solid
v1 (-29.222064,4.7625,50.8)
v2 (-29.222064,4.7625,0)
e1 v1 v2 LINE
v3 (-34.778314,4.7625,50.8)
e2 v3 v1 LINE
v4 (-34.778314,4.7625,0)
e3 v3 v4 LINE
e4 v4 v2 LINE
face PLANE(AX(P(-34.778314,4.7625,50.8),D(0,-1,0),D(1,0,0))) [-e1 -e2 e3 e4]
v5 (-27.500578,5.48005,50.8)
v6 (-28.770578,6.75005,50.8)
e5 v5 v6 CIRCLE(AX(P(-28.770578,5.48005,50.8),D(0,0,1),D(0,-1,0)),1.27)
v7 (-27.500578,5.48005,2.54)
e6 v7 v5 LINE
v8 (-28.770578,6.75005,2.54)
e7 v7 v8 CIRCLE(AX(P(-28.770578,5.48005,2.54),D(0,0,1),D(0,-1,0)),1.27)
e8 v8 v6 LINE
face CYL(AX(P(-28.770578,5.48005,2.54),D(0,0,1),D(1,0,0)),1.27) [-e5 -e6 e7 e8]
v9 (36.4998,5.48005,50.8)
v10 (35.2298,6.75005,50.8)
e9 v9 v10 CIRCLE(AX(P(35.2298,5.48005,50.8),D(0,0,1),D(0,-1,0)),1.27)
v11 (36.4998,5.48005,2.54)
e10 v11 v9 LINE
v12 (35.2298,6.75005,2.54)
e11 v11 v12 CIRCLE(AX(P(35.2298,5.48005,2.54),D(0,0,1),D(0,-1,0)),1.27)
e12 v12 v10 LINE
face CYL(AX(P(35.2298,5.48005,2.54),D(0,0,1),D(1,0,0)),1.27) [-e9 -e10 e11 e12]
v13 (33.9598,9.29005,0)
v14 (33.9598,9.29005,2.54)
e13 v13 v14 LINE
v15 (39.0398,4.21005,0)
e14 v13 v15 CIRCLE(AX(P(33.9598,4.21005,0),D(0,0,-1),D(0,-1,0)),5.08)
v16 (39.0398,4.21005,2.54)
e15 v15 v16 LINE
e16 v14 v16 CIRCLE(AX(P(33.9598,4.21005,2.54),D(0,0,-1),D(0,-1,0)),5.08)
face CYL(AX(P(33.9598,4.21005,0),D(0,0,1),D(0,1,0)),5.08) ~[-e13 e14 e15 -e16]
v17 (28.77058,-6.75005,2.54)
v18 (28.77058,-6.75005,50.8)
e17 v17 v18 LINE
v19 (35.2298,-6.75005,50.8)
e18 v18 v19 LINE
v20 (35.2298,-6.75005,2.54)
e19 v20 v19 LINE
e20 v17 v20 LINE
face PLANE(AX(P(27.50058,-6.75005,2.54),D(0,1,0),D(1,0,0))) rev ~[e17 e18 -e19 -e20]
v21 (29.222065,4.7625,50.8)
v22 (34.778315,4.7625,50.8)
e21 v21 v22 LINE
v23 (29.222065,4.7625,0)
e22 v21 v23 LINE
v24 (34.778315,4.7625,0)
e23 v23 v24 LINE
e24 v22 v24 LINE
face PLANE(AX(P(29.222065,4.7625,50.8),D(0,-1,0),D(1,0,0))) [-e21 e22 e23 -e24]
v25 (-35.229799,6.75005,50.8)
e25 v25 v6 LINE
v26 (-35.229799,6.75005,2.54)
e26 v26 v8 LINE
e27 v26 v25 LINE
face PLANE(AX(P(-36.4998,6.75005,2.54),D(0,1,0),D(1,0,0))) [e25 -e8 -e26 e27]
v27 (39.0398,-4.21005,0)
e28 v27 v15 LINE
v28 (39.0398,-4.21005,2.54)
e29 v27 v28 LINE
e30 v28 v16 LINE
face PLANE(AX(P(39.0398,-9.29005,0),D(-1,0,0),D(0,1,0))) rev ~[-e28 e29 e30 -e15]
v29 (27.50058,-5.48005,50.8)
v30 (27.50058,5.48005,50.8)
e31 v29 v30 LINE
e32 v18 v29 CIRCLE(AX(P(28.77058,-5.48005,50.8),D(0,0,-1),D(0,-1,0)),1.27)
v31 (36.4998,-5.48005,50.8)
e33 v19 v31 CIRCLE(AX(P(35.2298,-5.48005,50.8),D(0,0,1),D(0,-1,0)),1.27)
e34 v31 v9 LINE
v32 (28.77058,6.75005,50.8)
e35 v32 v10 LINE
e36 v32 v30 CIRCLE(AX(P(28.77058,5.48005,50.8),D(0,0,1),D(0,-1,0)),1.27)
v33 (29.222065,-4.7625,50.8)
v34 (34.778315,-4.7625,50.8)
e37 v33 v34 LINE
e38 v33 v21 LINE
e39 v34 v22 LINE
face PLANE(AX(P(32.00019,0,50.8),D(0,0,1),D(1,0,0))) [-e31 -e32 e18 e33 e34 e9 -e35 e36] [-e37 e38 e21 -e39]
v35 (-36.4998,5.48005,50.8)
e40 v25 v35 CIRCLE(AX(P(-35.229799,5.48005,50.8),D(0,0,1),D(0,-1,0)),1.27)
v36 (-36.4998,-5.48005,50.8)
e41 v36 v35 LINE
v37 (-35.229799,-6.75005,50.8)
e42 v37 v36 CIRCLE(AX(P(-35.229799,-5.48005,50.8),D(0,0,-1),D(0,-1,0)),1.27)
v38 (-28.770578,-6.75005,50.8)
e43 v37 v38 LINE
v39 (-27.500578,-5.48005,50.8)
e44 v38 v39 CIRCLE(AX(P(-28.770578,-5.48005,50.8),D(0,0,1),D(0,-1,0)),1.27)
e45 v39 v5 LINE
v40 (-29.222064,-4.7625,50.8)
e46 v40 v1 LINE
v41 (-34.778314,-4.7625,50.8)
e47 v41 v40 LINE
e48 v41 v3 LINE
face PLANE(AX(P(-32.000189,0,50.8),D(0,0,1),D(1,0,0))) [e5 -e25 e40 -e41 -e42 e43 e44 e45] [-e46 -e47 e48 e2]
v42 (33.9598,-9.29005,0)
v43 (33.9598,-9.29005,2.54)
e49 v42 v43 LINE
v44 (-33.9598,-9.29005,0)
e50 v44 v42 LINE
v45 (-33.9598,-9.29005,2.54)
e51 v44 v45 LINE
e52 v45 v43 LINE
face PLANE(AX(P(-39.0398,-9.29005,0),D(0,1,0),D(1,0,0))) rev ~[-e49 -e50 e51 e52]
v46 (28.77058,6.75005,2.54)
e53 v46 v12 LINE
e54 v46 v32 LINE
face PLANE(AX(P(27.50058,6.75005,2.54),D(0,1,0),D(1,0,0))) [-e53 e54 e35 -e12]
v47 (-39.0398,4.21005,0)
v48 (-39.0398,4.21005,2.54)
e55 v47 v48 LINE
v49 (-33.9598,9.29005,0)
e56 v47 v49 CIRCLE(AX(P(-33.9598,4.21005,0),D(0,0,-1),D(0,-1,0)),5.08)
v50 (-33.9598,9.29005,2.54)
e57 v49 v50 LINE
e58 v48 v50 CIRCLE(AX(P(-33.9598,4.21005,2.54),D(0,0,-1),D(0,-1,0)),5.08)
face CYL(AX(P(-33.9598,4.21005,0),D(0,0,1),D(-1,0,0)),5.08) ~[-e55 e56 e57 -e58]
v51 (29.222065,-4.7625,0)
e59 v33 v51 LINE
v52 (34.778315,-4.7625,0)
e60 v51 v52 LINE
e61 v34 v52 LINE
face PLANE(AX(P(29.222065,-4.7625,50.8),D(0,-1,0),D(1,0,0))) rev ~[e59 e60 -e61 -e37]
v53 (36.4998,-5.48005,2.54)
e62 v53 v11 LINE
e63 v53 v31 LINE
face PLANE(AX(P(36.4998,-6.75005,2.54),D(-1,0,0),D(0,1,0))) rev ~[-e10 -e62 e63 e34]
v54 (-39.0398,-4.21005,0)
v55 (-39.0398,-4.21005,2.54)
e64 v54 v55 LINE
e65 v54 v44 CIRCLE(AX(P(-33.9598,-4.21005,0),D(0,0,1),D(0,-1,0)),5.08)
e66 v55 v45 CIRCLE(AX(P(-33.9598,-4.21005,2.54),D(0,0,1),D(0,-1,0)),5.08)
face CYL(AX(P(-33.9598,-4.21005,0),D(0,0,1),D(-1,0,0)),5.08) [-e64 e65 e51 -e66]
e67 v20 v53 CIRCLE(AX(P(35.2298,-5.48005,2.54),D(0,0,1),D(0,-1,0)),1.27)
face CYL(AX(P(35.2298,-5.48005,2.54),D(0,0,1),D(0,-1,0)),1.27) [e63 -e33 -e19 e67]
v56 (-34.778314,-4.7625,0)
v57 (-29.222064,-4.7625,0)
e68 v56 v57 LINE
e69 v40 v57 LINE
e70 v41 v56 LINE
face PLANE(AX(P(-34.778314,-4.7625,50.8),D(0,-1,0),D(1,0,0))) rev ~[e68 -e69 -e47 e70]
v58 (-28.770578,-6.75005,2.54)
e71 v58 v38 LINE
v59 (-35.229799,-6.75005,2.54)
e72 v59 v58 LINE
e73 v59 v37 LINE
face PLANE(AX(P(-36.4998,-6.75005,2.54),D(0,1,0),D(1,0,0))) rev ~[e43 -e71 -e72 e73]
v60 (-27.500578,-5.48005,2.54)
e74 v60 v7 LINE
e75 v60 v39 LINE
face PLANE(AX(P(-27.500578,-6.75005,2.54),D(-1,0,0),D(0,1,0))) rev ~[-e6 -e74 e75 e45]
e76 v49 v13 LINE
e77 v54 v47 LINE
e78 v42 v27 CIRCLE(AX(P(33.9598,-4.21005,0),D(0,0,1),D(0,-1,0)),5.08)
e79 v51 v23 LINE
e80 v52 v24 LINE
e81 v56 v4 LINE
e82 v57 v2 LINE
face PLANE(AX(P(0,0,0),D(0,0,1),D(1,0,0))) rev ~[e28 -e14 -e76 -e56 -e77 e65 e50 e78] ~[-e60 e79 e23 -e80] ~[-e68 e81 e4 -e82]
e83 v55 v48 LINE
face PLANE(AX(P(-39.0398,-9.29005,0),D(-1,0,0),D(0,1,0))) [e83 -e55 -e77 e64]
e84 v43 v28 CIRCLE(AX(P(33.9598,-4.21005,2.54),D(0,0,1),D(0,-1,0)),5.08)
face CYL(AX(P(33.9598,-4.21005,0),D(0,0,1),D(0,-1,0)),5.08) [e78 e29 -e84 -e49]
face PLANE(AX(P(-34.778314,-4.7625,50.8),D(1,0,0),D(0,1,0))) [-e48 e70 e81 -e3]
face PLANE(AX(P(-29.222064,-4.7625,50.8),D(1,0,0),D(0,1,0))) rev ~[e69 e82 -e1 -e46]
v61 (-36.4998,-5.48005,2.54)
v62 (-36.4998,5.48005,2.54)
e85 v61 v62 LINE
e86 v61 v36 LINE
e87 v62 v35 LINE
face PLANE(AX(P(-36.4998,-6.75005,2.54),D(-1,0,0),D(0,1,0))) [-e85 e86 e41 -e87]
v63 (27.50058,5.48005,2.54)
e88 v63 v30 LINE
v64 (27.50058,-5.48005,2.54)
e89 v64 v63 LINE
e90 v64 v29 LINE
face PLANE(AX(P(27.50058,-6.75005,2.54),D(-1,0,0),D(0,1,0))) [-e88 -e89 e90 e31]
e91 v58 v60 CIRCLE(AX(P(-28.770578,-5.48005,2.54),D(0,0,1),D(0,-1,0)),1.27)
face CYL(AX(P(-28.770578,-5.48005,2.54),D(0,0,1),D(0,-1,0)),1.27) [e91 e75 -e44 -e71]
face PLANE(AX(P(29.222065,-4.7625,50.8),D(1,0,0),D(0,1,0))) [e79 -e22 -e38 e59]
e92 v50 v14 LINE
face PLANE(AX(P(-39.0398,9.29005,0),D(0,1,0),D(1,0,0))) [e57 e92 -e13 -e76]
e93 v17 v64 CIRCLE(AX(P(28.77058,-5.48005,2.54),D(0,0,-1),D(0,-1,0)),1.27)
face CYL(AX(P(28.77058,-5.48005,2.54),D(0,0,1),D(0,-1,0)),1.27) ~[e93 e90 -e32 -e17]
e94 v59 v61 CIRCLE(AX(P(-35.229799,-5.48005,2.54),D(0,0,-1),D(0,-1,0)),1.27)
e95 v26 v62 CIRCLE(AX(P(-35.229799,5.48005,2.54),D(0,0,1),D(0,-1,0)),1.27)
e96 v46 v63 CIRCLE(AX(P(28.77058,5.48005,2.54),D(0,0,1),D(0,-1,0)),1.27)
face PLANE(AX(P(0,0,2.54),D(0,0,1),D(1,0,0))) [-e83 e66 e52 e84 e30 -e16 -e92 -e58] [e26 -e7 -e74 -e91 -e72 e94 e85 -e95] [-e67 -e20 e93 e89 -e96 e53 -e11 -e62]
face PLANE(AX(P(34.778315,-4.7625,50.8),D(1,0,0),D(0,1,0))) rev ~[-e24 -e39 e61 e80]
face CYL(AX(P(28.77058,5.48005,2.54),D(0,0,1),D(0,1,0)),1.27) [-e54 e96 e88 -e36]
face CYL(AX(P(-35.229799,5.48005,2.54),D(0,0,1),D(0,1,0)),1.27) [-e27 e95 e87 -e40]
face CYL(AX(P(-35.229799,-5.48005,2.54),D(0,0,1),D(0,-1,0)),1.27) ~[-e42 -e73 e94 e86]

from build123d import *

# Parameters (mm, degrees)
F0_W     = 78.0796
F0_H     = 18.5801
F1_DEPTH = 2.54
F2_W     = 8.99922
F2_H     = 13.5001
F2_W_2   = 8.999221
F3_DEPTH = 48.26
F4_R     = 5.08
F5_R     = 1.27
F6_W     = 5.55625
F6_H     = 9.525
F7_DEPTH = 76.2
F8_W     = 5.55625
F8_H     = 9.525
F9_DEPTH = 76.2


with BuildPart() as f1:
    # F0 (on Top) → F1 (new body)
    with BuildSketch(Plane.XY):
        Rectangle(F0_W, F0_H)
    extrude(amount=F1_DEPTH)

    # F2 (on face) → F3 (join)
    with BuildSketch(Plane.XY.offset(2.54)):
        with Locations((32.00019, 0)):
            Rectangle(F2_W, F2_H)
        with Locations((-32.000189, 0)):
            Rectangle(F2_W_2, F2_H)
    extrude(amount=F3_DEPTH)

    # F4
    f4_edges = [f1.edges().sort_by_distance(p)[0] for p in [
        (39.0398, 9.29005, 1.27),
        (39.0398, -9.29005, 1.27),
        (-39.0398, -9.29005, 1.27),
        (-39.0398, 9.29005, 1.27),
    ]]
    fillet(f4_edges, radius=F4_R)

    # F5
    f5_edges = [f1.edges().sort_by_distance(p)[0] for p in [
        (36.4998, 6.75005, 26.67),
        (36.4998, -6.75005, 26.67),
        (27.50058, -6.75005, 26.67),
        (27.50058, 6.75005, 26.67),
        (-27.500579, -6.75005, 26.67),
        (-36.4998, -6.75005, 26.67),
        (-36.4998, 6.75005, 26.67),
        (-27.500579, 6.75005, 26.67),
    ]]
    fillet(f5_edges, radius=F5_R)

    # F6 (on face) → F7 (cut)
    with BuildSketch(Plane.XY.offset(50.8)):
        with Locations((32.00019, 0)):
            Rectangle(F6_W, F6_H)
    extrude(amount=-F7_DEPTH, mode=Mode.SUBTRACT)

    # F8 (on face) → F9 (cut)
    with BuildSketch(Plane.XY.offset(50.8)):
        with Locations((-32.000189, 0)):
            Rectangle(F8_W, F8_H)
    extrude(amount=-F9_DEPTH, mode=Mode.SUBTRACT)


solid = f1.part
